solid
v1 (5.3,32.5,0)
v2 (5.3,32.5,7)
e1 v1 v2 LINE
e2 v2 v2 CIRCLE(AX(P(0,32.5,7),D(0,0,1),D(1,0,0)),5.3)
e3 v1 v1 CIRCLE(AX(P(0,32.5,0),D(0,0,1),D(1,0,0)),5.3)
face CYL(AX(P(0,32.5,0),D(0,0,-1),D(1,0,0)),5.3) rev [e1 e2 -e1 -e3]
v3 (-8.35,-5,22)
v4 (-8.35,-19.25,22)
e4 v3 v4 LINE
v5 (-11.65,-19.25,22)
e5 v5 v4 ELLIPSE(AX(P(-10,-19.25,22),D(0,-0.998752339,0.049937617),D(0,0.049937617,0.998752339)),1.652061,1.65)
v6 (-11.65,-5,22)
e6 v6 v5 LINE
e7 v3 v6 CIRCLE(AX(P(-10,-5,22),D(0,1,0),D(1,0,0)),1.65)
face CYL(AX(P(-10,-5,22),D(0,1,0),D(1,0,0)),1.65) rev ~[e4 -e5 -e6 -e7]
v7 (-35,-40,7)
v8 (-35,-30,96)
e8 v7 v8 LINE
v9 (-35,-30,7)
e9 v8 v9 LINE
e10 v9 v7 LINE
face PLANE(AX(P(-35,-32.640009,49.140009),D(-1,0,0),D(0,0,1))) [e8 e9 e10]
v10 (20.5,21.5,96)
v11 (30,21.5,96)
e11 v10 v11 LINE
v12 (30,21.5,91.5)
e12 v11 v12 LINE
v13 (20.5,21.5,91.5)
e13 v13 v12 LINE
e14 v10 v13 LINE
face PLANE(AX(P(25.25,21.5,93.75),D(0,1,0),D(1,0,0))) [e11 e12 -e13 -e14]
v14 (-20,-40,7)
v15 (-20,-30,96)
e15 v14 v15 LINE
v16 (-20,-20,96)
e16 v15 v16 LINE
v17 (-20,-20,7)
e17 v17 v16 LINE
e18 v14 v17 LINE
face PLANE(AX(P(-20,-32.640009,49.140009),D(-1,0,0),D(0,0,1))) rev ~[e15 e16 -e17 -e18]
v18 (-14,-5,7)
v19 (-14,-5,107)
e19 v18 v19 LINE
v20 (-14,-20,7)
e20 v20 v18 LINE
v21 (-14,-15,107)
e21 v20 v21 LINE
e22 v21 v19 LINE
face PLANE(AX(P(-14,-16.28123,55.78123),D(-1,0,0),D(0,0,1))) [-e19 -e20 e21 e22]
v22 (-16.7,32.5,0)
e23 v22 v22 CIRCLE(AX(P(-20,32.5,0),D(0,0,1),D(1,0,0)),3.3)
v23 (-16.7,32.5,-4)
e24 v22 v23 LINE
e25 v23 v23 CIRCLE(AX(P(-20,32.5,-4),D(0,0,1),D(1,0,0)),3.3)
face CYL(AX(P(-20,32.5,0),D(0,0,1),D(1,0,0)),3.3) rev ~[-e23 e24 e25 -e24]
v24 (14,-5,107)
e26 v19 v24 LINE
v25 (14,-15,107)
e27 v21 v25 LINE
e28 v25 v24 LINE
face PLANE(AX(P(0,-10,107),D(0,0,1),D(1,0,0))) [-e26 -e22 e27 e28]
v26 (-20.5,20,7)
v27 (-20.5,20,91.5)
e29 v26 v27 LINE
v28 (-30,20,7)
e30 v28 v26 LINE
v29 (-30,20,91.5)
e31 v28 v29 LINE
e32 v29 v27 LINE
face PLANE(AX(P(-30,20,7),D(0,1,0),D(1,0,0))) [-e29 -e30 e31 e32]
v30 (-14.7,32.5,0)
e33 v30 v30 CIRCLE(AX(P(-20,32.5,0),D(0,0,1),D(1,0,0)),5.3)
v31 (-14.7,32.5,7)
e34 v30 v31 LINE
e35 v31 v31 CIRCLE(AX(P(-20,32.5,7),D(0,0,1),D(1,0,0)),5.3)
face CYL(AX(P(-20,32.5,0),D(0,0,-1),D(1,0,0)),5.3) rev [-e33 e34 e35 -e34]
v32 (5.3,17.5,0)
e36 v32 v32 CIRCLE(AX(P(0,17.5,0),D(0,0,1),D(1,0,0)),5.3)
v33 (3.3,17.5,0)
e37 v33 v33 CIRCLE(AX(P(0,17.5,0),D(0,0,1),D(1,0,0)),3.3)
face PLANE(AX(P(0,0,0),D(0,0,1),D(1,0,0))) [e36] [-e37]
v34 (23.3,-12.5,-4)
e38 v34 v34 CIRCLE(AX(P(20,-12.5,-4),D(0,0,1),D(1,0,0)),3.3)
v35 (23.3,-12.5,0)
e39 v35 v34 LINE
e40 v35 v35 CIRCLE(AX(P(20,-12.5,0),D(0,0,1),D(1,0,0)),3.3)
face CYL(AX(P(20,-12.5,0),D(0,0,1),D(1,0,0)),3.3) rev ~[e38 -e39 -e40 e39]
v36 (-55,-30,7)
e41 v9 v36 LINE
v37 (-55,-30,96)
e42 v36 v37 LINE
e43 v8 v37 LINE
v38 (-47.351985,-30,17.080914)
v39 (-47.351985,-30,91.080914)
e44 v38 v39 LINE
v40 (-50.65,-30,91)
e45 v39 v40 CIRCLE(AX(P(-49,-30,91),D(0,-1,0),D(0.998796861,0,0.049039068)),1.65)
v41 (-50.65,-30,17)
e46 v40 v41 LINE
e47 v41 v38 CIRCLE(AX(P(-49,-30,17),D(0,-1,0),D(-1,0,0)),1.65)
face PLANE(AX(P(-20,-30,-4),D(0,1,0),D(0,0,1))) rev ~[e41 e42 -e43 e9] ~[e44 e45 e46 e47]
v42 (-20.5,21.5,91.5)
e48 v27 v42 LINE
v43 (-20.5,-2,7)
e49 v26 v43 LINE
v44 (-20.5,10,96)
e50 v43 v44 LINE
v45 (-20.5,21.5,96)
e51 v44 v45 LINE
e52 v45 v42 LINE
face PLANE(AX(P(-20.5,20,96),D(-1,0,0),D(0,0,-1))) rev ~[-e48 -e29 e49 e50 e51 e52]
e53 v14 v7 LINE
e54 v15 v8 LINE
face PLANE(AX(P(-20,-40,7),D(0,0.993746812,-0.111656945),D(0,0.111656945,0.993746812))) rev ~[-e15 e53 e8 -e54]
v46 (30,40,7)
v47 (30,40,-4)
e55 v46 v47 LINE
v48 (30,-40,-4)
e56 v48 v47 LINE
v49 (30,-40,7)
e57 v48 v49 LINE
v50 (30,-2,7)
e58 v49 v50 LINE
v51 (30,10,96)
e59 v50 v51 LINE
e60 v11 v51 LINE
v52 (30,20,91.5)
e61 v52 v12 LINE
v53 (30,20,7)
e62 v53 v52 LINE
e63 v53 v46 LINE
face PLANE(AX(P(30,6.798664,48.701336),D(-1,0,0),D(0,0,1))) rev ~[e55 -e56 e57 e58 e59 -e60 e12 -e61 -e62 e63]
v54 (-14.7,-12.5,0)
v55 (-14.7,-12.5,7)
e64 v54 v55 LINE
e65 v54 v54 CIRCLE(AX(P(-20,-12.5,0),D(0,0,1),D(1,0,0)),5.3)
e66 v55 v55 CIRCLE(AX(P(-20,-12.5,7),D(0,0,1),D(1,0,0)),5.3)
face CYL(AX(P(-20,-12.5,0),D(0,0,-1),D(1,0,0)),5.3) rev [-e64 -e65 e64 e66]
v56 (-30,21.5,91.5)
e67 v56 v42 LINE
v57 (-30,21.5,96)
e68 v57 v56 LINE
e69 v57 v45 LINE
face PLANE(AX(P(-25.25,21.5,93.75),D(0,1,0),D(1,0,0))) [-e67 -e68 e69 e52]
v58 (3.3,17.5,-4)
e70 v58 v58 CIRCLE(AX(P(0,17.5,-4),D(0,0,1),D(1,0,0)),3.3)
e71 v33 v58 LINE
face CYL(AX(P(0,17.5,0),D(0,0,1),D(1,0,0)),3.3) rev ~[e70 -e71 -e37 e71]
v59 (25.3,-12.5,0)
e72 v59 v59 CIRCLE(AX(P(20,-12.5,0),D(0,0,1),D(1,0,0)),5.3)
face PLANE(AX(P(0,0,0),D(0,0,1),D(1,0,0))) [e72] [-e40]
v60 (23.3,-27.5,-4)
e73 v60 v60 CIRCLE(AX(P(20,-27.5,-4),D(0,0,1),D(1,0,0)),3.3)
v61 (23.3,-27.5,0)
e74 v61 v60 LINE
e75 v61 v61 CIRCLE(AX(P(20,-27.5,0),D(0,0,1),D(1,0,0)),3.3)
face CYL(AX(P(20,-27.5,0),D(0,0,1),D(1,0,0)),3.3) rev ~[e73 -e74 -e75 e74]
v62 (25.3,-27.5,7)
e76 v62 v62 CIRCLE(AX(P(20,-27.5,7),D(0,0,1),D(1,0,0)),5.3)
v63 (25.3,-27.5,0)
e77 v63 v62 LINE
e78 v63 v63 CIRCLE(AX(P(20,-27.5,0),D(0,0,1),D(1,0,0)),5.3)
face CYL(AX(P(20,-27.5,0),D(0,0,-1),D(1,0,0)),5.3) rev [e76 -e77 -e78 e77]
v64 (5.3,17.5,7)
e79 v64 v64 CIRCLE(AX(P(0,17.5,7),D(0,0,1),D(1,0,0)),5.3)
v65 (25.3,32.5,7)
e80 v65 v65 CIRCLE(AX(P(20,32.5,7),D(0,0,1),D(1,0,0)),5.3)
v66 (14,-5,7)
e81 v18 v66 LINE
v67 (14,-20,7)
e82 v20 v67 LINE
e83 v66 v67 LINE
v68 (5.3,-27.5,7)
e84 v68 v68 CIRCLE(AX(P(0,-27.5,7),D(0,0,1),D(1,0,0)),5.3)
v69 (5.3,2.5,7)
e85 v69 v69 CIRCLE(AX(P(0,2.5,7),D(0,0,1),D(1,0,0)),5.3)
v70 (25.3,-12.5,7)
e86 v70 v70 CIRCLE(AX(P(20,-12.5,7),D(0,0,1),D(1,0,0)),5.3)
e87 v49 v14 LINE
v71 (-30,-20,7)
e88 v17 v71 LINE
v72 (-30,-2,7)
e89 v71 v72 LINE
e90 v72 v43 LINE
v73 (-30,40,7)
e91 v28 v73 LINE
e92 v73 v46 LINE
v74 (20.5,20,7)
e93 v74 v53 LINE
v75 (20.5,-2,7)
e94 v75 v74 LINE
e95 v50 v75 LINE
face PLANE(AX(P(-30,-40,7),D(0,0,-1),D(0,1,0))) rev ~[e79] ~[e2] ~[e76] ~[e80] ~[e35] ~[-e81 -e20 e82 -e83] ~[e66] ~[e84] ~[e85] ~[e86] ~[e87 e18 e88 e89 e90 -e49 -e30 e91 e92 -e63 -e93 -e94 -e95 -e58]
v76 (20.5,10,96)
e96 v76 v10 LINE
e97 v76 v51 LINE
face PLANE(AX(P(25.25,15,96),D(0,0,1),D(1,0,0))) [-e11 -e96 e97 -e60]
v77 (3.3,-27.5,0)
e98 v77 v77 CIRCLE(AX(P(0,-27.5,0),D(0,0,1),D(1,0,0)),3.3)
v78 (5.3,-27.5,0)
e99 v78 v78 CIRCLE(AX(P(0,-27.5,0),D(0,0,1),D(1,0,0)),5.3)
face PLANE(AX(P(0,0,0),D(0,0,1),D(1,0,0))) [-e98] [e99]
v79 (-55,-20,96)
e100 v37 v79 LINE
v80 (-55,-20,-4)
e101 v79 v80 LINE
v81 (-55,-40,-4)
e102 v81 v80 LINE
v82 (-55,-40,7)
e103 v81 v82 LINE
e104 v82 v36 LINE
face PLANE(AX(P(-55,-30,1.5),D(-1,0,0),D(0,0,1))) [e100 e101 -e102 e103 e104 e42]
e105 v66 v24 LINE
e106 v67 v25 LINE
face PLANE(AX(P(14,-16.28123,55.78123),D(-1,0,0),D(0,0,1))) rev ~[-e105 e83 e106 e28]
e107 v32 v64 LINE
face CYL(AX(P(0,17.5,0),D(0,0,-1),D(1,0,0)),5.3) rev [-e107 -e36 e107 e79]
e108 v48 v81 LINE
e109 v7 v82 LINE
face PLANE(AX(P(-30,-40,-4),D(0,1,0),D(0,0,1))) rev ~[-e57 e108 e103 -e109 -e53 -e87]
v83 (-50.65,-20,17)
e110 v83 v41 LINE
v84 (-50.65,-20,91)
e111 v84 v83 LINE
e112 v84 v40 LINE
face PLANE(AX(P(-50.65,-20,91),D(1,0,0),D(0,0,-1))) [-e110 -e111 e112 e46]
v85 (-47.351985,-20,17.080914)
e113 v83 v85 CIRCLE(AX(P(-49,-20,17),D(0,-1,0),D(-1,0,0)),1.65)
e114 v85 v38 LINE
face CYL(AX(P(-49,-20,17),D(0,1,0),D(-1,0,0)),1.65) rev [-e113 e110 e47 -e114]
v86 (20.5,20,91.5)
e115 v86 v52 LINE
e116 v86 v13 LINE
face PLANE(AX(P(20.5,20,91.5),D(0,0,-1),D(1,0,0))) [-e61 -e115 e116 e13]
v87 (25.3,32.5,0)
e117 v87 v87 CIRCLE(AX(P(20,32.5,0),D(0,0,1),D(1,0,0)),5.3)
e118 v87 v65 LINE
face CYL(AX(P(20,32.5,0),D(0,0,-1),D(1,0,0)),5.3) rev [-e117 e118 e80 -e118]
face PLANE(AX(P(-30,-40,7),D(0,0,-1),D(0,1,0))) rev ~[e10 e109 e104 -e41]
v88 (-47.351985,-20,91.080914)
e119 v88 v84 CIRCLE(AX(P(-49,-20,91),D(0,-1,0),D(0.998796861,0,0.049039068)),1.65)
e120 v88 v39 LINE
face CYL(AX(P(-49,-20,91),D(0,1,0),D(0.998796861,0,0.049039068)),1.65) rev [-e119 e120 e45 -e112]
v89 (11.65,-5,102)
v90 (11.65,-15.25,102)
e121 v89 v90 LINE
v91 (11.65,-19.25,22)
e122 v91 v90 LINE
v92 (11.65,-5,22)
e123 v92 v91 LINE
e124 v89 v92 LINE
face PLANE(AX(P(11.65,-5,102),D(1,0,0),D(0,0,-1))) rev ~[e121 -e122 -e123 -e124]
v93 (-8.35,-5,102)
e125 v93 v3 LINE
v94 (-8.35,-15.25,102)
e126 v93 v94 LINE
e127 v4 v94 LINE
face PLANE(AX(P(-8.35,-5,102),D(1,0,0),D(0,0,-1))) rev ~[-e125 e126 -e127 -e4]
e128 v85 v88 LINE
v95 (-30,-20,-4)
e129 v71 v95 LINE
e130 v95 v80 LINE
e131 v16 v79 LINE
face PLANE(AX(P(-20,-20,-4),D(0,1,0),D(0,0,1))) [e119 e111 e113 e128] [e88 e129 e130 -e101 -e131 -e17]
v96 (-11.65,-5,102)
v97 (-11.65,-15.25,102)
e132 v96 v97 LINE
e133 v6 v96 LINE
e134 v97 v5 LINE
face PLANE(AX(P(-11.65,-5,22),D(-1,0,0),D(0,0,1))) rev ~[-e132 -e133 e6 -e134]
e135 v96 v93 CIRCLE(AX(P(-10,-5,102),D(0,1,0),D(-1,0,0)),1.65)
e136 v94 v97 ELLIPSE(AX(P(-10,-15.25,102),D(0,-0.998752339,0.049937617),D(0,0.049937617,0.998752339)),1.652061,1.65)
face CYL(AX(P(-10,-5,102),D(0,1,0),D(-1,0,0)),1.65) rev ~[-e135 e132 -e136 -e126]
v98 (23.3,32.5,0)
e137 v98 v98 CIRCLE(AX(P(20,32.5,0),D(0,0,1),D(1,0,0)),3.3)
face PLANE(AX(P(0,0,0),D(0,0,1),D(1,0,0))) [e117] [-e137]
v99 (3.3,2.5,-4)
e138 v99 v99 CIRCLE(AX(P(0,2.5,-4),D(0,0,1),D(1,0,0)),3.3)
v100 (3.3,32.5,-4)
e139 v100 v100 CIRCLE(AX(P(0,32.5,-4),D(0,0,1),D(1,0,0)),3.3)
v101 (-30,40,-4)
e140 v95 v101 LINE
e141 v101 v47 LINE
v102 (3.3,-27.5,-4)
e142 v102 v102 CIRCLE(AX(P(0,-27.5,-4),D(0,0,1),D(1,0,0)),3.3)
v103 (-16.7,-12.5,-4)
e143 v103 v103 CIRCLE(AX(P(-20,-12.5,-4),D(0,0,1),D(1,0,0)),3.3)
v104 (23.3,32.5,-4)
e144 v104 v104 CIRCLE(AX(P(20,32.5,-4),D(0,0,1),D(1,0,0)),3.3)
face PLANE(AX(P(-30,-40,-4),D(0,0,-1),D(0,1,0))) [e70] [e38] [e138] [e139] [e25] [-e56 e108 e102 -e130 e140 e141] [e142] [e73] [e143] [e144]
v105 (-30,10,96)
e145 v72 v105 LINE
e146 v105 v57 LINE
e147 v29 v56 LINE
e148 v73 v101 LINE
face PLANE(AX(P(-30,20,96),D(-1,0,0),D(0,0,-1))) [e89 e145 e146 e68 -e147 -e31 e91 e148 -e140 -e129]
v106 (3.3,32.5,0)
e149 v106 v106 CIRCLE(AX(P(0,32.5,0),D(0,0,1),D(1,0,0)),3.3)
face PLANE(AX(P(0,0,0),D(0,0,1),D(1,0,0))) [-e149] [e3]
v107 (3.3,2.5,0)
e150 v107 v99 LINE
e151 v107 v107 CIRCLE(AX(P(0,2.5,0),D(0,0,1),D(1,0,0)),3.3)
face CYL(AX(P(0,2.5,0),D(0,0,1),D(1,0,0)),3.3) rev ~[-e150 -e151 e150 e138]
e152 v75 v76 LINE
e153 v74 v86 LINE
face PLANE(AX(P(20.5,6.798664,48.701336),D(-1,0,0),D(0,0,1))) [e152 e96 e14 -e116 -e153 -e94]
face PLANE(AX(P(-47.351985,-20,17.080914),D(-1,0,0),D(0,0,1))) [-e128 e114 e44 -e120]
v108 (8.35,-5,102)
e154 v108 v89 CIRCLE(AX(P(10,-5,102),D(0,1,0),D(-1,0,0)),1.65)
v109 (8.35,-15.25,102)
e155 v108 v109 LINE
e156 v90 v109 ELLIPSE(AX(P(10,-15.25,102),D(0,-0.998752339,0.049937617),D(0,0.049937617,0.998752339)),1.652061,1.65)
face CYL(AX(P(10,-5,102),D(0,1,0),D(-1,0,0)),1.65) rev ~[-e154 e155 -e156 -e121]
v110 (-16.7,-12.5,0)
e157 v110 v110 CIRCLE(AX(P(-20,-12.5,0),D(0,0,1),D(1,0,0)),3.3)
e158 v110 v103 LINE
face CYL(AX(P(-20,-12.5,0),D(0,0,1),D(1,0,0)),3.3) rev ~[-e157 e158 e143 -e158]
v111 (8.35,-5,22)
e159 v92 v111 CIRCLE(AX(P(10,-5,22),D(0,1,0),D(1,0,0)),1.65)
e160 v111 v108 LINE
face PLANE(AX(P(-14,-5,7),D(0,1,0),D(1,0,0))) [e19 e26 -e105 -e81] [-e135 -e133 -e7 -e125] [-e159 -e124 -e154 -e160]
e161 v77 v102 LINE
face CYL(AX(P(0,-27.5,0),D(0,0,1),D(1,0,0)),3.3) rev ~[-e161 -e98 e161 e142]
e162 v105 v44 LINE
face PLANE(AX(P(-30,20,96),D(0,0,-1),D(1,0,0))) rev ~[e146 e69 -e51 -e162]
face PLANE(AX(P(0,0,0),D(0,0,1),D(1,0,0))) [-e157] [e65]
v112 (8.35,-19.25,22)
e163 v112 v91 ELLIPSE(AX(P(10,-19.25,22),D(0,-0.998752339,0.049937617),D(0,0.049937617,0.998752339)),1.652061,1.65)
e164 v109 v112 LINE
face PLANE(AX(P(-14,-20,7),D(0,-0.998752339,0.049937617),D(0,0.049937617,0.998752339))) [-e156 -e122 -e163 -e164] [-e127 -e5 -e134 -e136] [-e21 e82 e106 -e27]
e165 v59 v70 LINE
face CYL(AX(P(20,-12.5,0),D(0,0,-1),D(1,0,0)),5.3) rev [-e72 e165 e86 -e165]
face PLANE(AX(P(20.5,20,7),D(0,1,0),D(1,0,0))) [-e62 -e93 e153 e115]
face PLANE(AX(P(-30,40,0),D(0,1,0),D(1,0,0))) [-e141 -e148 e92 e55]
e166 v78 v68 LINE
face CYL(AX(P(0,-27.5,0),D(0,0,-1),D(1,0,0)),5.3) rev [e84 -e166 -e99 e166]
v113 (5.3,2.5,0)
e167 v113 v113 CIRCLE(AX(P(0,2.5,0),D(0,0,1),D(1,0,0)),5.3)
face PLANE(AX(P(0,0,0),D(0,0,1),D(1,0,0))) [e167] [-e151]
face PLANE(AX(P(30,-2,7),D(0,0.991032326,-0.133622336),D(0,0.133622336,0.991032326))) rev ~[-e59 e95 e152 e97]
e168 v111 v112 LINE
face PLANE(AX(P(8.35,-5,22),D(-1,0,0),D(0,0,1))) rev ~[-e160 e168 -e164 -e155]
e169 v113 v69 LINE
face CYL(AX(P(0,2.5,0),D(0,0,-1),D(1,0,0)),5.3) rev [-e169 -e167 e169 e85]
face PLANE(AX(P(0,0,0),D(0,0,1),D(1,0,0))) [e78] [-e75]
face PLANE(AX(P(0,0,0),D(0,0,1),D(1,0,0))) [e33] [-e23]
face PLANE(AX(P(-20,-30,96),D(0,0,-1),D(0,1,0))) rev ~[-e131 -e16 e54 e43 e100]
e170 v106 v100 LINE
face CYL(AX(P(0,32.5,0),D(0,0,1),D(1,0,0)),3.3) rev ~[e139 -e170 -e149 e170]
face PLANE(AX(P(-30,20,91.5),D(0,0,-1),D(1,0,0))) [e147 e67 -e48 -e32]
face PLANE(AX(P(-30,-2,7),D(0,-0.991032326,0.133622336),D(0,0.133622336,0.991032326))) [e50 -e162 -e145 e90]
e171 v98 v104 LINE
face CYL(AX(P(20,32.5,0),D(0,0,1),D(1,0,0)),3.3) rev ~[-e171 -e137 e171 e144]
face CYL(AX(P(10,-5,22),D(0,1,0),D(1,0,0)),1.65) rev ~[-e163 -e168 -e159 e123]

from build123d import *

# Parameters (mm, degrees)
SKETCH1_W                 = 60
SKETCH1_H                 = 80
SKETCH1_R                 = 3.3
BOSS_EXTRUDE1_DEPTH       = 4
SKETCH3_W                 = 60
SKETCH3_H                 = 80
SKETCH3_R                 = 5.3
BOSS_EXTRUDE2_DEPTH       = 7
SKETCH4_W                 = 9.5
SKETCH4_H                 = 10
BOSS_EXTRUDE3_DEPTH       = 89
BOSS_EXTRUDE4_DEPTH       = 9.5
BOSS_EXTRUDE5_DEPTH       = 9.5
SKETCH7_W                 = 9.5
SKETCH7_H                 = 4.5
BOSS_EXTRUDE6_DEPTH       = 1.5
SKETCH9_W                 = 28
SKETCH9_H                 = 10
BOSS_EXTRUDE7_DEPTH       = 100
BOSS_EXTRUDE9_DEPTH       = 28
CUT_EXTRUDE1_DEPTH        = 18
BOSS_EXTRUDE10_DEPTH      = 25
BOSS_EXTRUDE10_DEPTH_BACK = 10
SKETCH13_W                = 100
SKETCH13_H                = 10
SKETCH14_W                = 11
SKETCH14_H                = 20
BOSS_EXTRUDE11_DEPTH      = 25
CUT_EXTRUDE2_DEPTH        = 10
BOSS_EXTRUDE12_DEPTH      = 15


with BuildPart() as part:
    # Sketch1 → Boss-Extrude1 (new body)
    with BuildSketch(Plane.XY):
        Rectangle(SKETCH1_W, SKETCH1_H)
        with Locations((-20, -12.5)):
            Circle(SKETCH1_R, mode=Mode.SUBTRACT)
        with Locations((20, -12.5)):
            Circle(SKETCH1_R, mode=Mode.SUBTRACT)
        with Locations((0, 17.5)):
            Circle(SKETCH1_R, mode=Mode.SUBTRACT)
        with Locations((0, 2.5)):
            Circle(SKETCH1_R, mode=Mode.SUBTRACT)
        with Locations((20, 32.5)):
            Circle(SKETCH1_R, mode=Mode.SUBTRACT)
        with Locations((0, 32.5)):
            Circle(SKETCH1_R, mode=Mode.SUBTRACT)
        with Locations((-20, 32.5)):
            Circle(SKETCH1_R, mode=Mode.SUBTRACT)
        with Locations((0, -27.5)):
            Circle(SKETCH1_R, mode=Mode.SUBTRACT)
        with Locations((20, -27.5)):
            Circle(SKETCH1_R, mode=Mode.SUBTRACT)
    extrude(amount=-BOSS_EXTRUDE1_DEPTH)

    # Sketch3 → Boss-Extrude2 (add)
    with BuildSketch(Plane.XY):
        Rectangle(SKETCH3_W, SKETCH3_H)
        with Locations((0, 17.5)):
            Circle(SKETCH3_R, mode=Mode.SUBTRACT)
        with Locations((-20, -12.5)):
            Circle(SKETCH3_R, mode=Mode.SUBTRACT)
        with Locations((20, -12.5)):
            Circle(SKETCH3_R, mode=Mode.SUBTRACT)
        with Locations((0, 2.5)):
            Circle(SKETCH3_R, mode=Mode.SUBTRACT)
        with Locations((-20, 32.5)):
            Circle(SKETCH3_R, mode=Mode.SUBTRACT)
        with Locations((0, 32.5)):
            Circle(SKETCH3_R, mode=Mode.SUBTRACT)
        with Locations((20, 32.5)):
            Circle(SKETCH3_R, mode=Mode.SUBTRACT)
        with Locations((0, -27.5)):
            Circle(SKETCH3_R, mode=Mode.SUBTRACT)
        with Locations((20, -27.5)):
            Circle(SKETCH3_R, mode=Mode.SUBTRACT)
    extrude(amount=BOSS_EXTRUDE2_DEPTH)

    # Sketch4 → Boss-Extrude3 (add)
    with BuildSketch(Plane.XY.offset(7)):
        with Locations((-25.25, 15)):
            Rectangle(SKETCH4_W, SKETCH4_H)
        with Locations((25.25, 15)):
            Rectangle(SKETCH4_W, SKETCH4_H)
    extrude(amount=BOSS_EXTRUDE3_DEPTH)

    # Sketch5 → Boss-Extrude4 (add)
    with BuildSketch(Plane(origin=(30, 0, 0), x_dir=(0, 0, -1), z_dir=(1, 0, 0))):
        Polygon((-96, 10), (-7, 10), (-7, -2), align=None)
    extrude(amount=-BOSS_EXTRUDE4_DEPTH)

    # Sketch6 → Boss-Extrude5 (add)
    with BuildSketch(Plane.ZY.offset(30)):
        Polygon((96, 10), (7, 10), (7, -2), align=None)
    extrude(amount=-BOSS_EXTRUDE5_DEPTH)

    # Sketch7 → Boss-Extrude6 (add)
    with BuildSketch(Plane(origin=(0, 20, 0), x_dir=(1, 0, 0), z_dir=(0, 1, 0))):
        with Locations((-25.25, -93.75)):
            Rectangle(SKETCH7_W, SKETCH7_H)
        with Locations((25.25, -93.75)):
            Rectangle(SKETCH7_W, SKETCH7_H)
    extrude(amount=BOSS_EXTRUDE6_DEPTH)

    # Sketch9 → Boss-Extrude7 (add)
    with BuildSketch(Plane.XY.offset(7)):
        with Locations((0, -10)):
            Rectangle(SKETCH9_W, SKETCH9_H)
    extrude(amount=BOSS_EXTRUDE7_DEPTH)

    # Sketch11 → Boss-Extrude9 (add)
    with BuildSketch(Plane.ZY.offset(14)):
        Polygon((107, -15), (7, -15), (7, -20), align=None)
    extrude(amount=-BOSS_EXTRUDE9_DEPTH)

    # Sketch12 → Cut-Extrude1 (cut)
    with BuildSketch(Plane(origin=(0, -5, 0), x_dir=(1, 0, 0), z_dir=(0, 1, 0))):
        with BuildLine():
            Line((-11.65, -22), (-11.65, -102))
            ThreePointArc((-11.65, -102), (-10, -103.65), (-8.35, -102))
            Line((-8.35, -102), (-8.35, -22))
            ThreePointArc((-8.35, -22), (-10, -20.35), (-11.65, -22))
        make_face()
        with BuildLine():
            Line((8.35, -22), (8.35, -102))
            ThreePointArc((8.35, -102), (10, -103.65), (11.65, -102))
            Line((11.65, -102), (11.65, -22))
            ThreePointArc((11.65, -22), (10, -20.35), (8.35, -22))
        make_face()
    extrude(amount=-CUT_EXTRUDE1_DEPTH, mode=Mode.SUBTRACT)



with BuildPart() as body_2:
    # Sketch13 → Boss-Extrude10 (new, two sides: drawn at the far end of the back side and taken through both)
    with BuildSketch(Plane.ZY.offset(30).offset(-BOSS_EXTRUDE10_DEPTH_BACK)):
        with Locations((46, -25)):
            Rectangle(SKETCH13_W, SKETCH13_H)
    extrude(amount=BOSS_EXTRUDE10_DEPTH + BOSS_EXTRUDE10_DEPTH_BACK)


with BuildPart() as part_1:
    add(part.part)

    add(body_2.part)  # Boss-Extrude11 merges body 2
    # Sketch14 → Boss-Extrude11 (add)
    with BuildSketch(Plane.ZY.offset(30)):
        with Locations((1.5, -30)):
            Rectangle(SKETCH14_W, SKETCH14_H)
    extrude(amount=BOSS_EXTRUDE11_DEPTH)

    # Sketch15 → Cut-Extrude2 (cut)
    with BuildSketch(Plane(origin=(0, -20, 0), x_dir=(1, 0, 0), z_dir=(0, 1, 0))):
        with BuildLine():
            Line((-50.65, -91), (-50.65, -17))
            ThreePointArc((-50.65, -17), (-48.959530594, -15.350496369), (-47.351985179, -17.080914463))
            Line((-47.351985179, -17.080914463), (-47.351985179, -91.080914463))
            ThreePointArc((-47.351985179, -91.080914463), (-49.040469406, -92.649503631), (-50.65, -91))
        make_face()
    extrude(amount=-CUT_EXTRUDE2_DEPTH, mode=Mode.SUBTRACT)

    # Sketch16 → Boss-Extrude12 (add)
    with BuildSketch(Plane(origin=(-20, 0, 0), x_dir=(0, 0, -1), z_dir=(1, 0, 0))):
        Polygon((-96, -30), (-7, -30), (-7, -40), align=None)
    extrude(amount=-BOSS_EXTRUDE12_DEPTH)


solid = part_1.part
